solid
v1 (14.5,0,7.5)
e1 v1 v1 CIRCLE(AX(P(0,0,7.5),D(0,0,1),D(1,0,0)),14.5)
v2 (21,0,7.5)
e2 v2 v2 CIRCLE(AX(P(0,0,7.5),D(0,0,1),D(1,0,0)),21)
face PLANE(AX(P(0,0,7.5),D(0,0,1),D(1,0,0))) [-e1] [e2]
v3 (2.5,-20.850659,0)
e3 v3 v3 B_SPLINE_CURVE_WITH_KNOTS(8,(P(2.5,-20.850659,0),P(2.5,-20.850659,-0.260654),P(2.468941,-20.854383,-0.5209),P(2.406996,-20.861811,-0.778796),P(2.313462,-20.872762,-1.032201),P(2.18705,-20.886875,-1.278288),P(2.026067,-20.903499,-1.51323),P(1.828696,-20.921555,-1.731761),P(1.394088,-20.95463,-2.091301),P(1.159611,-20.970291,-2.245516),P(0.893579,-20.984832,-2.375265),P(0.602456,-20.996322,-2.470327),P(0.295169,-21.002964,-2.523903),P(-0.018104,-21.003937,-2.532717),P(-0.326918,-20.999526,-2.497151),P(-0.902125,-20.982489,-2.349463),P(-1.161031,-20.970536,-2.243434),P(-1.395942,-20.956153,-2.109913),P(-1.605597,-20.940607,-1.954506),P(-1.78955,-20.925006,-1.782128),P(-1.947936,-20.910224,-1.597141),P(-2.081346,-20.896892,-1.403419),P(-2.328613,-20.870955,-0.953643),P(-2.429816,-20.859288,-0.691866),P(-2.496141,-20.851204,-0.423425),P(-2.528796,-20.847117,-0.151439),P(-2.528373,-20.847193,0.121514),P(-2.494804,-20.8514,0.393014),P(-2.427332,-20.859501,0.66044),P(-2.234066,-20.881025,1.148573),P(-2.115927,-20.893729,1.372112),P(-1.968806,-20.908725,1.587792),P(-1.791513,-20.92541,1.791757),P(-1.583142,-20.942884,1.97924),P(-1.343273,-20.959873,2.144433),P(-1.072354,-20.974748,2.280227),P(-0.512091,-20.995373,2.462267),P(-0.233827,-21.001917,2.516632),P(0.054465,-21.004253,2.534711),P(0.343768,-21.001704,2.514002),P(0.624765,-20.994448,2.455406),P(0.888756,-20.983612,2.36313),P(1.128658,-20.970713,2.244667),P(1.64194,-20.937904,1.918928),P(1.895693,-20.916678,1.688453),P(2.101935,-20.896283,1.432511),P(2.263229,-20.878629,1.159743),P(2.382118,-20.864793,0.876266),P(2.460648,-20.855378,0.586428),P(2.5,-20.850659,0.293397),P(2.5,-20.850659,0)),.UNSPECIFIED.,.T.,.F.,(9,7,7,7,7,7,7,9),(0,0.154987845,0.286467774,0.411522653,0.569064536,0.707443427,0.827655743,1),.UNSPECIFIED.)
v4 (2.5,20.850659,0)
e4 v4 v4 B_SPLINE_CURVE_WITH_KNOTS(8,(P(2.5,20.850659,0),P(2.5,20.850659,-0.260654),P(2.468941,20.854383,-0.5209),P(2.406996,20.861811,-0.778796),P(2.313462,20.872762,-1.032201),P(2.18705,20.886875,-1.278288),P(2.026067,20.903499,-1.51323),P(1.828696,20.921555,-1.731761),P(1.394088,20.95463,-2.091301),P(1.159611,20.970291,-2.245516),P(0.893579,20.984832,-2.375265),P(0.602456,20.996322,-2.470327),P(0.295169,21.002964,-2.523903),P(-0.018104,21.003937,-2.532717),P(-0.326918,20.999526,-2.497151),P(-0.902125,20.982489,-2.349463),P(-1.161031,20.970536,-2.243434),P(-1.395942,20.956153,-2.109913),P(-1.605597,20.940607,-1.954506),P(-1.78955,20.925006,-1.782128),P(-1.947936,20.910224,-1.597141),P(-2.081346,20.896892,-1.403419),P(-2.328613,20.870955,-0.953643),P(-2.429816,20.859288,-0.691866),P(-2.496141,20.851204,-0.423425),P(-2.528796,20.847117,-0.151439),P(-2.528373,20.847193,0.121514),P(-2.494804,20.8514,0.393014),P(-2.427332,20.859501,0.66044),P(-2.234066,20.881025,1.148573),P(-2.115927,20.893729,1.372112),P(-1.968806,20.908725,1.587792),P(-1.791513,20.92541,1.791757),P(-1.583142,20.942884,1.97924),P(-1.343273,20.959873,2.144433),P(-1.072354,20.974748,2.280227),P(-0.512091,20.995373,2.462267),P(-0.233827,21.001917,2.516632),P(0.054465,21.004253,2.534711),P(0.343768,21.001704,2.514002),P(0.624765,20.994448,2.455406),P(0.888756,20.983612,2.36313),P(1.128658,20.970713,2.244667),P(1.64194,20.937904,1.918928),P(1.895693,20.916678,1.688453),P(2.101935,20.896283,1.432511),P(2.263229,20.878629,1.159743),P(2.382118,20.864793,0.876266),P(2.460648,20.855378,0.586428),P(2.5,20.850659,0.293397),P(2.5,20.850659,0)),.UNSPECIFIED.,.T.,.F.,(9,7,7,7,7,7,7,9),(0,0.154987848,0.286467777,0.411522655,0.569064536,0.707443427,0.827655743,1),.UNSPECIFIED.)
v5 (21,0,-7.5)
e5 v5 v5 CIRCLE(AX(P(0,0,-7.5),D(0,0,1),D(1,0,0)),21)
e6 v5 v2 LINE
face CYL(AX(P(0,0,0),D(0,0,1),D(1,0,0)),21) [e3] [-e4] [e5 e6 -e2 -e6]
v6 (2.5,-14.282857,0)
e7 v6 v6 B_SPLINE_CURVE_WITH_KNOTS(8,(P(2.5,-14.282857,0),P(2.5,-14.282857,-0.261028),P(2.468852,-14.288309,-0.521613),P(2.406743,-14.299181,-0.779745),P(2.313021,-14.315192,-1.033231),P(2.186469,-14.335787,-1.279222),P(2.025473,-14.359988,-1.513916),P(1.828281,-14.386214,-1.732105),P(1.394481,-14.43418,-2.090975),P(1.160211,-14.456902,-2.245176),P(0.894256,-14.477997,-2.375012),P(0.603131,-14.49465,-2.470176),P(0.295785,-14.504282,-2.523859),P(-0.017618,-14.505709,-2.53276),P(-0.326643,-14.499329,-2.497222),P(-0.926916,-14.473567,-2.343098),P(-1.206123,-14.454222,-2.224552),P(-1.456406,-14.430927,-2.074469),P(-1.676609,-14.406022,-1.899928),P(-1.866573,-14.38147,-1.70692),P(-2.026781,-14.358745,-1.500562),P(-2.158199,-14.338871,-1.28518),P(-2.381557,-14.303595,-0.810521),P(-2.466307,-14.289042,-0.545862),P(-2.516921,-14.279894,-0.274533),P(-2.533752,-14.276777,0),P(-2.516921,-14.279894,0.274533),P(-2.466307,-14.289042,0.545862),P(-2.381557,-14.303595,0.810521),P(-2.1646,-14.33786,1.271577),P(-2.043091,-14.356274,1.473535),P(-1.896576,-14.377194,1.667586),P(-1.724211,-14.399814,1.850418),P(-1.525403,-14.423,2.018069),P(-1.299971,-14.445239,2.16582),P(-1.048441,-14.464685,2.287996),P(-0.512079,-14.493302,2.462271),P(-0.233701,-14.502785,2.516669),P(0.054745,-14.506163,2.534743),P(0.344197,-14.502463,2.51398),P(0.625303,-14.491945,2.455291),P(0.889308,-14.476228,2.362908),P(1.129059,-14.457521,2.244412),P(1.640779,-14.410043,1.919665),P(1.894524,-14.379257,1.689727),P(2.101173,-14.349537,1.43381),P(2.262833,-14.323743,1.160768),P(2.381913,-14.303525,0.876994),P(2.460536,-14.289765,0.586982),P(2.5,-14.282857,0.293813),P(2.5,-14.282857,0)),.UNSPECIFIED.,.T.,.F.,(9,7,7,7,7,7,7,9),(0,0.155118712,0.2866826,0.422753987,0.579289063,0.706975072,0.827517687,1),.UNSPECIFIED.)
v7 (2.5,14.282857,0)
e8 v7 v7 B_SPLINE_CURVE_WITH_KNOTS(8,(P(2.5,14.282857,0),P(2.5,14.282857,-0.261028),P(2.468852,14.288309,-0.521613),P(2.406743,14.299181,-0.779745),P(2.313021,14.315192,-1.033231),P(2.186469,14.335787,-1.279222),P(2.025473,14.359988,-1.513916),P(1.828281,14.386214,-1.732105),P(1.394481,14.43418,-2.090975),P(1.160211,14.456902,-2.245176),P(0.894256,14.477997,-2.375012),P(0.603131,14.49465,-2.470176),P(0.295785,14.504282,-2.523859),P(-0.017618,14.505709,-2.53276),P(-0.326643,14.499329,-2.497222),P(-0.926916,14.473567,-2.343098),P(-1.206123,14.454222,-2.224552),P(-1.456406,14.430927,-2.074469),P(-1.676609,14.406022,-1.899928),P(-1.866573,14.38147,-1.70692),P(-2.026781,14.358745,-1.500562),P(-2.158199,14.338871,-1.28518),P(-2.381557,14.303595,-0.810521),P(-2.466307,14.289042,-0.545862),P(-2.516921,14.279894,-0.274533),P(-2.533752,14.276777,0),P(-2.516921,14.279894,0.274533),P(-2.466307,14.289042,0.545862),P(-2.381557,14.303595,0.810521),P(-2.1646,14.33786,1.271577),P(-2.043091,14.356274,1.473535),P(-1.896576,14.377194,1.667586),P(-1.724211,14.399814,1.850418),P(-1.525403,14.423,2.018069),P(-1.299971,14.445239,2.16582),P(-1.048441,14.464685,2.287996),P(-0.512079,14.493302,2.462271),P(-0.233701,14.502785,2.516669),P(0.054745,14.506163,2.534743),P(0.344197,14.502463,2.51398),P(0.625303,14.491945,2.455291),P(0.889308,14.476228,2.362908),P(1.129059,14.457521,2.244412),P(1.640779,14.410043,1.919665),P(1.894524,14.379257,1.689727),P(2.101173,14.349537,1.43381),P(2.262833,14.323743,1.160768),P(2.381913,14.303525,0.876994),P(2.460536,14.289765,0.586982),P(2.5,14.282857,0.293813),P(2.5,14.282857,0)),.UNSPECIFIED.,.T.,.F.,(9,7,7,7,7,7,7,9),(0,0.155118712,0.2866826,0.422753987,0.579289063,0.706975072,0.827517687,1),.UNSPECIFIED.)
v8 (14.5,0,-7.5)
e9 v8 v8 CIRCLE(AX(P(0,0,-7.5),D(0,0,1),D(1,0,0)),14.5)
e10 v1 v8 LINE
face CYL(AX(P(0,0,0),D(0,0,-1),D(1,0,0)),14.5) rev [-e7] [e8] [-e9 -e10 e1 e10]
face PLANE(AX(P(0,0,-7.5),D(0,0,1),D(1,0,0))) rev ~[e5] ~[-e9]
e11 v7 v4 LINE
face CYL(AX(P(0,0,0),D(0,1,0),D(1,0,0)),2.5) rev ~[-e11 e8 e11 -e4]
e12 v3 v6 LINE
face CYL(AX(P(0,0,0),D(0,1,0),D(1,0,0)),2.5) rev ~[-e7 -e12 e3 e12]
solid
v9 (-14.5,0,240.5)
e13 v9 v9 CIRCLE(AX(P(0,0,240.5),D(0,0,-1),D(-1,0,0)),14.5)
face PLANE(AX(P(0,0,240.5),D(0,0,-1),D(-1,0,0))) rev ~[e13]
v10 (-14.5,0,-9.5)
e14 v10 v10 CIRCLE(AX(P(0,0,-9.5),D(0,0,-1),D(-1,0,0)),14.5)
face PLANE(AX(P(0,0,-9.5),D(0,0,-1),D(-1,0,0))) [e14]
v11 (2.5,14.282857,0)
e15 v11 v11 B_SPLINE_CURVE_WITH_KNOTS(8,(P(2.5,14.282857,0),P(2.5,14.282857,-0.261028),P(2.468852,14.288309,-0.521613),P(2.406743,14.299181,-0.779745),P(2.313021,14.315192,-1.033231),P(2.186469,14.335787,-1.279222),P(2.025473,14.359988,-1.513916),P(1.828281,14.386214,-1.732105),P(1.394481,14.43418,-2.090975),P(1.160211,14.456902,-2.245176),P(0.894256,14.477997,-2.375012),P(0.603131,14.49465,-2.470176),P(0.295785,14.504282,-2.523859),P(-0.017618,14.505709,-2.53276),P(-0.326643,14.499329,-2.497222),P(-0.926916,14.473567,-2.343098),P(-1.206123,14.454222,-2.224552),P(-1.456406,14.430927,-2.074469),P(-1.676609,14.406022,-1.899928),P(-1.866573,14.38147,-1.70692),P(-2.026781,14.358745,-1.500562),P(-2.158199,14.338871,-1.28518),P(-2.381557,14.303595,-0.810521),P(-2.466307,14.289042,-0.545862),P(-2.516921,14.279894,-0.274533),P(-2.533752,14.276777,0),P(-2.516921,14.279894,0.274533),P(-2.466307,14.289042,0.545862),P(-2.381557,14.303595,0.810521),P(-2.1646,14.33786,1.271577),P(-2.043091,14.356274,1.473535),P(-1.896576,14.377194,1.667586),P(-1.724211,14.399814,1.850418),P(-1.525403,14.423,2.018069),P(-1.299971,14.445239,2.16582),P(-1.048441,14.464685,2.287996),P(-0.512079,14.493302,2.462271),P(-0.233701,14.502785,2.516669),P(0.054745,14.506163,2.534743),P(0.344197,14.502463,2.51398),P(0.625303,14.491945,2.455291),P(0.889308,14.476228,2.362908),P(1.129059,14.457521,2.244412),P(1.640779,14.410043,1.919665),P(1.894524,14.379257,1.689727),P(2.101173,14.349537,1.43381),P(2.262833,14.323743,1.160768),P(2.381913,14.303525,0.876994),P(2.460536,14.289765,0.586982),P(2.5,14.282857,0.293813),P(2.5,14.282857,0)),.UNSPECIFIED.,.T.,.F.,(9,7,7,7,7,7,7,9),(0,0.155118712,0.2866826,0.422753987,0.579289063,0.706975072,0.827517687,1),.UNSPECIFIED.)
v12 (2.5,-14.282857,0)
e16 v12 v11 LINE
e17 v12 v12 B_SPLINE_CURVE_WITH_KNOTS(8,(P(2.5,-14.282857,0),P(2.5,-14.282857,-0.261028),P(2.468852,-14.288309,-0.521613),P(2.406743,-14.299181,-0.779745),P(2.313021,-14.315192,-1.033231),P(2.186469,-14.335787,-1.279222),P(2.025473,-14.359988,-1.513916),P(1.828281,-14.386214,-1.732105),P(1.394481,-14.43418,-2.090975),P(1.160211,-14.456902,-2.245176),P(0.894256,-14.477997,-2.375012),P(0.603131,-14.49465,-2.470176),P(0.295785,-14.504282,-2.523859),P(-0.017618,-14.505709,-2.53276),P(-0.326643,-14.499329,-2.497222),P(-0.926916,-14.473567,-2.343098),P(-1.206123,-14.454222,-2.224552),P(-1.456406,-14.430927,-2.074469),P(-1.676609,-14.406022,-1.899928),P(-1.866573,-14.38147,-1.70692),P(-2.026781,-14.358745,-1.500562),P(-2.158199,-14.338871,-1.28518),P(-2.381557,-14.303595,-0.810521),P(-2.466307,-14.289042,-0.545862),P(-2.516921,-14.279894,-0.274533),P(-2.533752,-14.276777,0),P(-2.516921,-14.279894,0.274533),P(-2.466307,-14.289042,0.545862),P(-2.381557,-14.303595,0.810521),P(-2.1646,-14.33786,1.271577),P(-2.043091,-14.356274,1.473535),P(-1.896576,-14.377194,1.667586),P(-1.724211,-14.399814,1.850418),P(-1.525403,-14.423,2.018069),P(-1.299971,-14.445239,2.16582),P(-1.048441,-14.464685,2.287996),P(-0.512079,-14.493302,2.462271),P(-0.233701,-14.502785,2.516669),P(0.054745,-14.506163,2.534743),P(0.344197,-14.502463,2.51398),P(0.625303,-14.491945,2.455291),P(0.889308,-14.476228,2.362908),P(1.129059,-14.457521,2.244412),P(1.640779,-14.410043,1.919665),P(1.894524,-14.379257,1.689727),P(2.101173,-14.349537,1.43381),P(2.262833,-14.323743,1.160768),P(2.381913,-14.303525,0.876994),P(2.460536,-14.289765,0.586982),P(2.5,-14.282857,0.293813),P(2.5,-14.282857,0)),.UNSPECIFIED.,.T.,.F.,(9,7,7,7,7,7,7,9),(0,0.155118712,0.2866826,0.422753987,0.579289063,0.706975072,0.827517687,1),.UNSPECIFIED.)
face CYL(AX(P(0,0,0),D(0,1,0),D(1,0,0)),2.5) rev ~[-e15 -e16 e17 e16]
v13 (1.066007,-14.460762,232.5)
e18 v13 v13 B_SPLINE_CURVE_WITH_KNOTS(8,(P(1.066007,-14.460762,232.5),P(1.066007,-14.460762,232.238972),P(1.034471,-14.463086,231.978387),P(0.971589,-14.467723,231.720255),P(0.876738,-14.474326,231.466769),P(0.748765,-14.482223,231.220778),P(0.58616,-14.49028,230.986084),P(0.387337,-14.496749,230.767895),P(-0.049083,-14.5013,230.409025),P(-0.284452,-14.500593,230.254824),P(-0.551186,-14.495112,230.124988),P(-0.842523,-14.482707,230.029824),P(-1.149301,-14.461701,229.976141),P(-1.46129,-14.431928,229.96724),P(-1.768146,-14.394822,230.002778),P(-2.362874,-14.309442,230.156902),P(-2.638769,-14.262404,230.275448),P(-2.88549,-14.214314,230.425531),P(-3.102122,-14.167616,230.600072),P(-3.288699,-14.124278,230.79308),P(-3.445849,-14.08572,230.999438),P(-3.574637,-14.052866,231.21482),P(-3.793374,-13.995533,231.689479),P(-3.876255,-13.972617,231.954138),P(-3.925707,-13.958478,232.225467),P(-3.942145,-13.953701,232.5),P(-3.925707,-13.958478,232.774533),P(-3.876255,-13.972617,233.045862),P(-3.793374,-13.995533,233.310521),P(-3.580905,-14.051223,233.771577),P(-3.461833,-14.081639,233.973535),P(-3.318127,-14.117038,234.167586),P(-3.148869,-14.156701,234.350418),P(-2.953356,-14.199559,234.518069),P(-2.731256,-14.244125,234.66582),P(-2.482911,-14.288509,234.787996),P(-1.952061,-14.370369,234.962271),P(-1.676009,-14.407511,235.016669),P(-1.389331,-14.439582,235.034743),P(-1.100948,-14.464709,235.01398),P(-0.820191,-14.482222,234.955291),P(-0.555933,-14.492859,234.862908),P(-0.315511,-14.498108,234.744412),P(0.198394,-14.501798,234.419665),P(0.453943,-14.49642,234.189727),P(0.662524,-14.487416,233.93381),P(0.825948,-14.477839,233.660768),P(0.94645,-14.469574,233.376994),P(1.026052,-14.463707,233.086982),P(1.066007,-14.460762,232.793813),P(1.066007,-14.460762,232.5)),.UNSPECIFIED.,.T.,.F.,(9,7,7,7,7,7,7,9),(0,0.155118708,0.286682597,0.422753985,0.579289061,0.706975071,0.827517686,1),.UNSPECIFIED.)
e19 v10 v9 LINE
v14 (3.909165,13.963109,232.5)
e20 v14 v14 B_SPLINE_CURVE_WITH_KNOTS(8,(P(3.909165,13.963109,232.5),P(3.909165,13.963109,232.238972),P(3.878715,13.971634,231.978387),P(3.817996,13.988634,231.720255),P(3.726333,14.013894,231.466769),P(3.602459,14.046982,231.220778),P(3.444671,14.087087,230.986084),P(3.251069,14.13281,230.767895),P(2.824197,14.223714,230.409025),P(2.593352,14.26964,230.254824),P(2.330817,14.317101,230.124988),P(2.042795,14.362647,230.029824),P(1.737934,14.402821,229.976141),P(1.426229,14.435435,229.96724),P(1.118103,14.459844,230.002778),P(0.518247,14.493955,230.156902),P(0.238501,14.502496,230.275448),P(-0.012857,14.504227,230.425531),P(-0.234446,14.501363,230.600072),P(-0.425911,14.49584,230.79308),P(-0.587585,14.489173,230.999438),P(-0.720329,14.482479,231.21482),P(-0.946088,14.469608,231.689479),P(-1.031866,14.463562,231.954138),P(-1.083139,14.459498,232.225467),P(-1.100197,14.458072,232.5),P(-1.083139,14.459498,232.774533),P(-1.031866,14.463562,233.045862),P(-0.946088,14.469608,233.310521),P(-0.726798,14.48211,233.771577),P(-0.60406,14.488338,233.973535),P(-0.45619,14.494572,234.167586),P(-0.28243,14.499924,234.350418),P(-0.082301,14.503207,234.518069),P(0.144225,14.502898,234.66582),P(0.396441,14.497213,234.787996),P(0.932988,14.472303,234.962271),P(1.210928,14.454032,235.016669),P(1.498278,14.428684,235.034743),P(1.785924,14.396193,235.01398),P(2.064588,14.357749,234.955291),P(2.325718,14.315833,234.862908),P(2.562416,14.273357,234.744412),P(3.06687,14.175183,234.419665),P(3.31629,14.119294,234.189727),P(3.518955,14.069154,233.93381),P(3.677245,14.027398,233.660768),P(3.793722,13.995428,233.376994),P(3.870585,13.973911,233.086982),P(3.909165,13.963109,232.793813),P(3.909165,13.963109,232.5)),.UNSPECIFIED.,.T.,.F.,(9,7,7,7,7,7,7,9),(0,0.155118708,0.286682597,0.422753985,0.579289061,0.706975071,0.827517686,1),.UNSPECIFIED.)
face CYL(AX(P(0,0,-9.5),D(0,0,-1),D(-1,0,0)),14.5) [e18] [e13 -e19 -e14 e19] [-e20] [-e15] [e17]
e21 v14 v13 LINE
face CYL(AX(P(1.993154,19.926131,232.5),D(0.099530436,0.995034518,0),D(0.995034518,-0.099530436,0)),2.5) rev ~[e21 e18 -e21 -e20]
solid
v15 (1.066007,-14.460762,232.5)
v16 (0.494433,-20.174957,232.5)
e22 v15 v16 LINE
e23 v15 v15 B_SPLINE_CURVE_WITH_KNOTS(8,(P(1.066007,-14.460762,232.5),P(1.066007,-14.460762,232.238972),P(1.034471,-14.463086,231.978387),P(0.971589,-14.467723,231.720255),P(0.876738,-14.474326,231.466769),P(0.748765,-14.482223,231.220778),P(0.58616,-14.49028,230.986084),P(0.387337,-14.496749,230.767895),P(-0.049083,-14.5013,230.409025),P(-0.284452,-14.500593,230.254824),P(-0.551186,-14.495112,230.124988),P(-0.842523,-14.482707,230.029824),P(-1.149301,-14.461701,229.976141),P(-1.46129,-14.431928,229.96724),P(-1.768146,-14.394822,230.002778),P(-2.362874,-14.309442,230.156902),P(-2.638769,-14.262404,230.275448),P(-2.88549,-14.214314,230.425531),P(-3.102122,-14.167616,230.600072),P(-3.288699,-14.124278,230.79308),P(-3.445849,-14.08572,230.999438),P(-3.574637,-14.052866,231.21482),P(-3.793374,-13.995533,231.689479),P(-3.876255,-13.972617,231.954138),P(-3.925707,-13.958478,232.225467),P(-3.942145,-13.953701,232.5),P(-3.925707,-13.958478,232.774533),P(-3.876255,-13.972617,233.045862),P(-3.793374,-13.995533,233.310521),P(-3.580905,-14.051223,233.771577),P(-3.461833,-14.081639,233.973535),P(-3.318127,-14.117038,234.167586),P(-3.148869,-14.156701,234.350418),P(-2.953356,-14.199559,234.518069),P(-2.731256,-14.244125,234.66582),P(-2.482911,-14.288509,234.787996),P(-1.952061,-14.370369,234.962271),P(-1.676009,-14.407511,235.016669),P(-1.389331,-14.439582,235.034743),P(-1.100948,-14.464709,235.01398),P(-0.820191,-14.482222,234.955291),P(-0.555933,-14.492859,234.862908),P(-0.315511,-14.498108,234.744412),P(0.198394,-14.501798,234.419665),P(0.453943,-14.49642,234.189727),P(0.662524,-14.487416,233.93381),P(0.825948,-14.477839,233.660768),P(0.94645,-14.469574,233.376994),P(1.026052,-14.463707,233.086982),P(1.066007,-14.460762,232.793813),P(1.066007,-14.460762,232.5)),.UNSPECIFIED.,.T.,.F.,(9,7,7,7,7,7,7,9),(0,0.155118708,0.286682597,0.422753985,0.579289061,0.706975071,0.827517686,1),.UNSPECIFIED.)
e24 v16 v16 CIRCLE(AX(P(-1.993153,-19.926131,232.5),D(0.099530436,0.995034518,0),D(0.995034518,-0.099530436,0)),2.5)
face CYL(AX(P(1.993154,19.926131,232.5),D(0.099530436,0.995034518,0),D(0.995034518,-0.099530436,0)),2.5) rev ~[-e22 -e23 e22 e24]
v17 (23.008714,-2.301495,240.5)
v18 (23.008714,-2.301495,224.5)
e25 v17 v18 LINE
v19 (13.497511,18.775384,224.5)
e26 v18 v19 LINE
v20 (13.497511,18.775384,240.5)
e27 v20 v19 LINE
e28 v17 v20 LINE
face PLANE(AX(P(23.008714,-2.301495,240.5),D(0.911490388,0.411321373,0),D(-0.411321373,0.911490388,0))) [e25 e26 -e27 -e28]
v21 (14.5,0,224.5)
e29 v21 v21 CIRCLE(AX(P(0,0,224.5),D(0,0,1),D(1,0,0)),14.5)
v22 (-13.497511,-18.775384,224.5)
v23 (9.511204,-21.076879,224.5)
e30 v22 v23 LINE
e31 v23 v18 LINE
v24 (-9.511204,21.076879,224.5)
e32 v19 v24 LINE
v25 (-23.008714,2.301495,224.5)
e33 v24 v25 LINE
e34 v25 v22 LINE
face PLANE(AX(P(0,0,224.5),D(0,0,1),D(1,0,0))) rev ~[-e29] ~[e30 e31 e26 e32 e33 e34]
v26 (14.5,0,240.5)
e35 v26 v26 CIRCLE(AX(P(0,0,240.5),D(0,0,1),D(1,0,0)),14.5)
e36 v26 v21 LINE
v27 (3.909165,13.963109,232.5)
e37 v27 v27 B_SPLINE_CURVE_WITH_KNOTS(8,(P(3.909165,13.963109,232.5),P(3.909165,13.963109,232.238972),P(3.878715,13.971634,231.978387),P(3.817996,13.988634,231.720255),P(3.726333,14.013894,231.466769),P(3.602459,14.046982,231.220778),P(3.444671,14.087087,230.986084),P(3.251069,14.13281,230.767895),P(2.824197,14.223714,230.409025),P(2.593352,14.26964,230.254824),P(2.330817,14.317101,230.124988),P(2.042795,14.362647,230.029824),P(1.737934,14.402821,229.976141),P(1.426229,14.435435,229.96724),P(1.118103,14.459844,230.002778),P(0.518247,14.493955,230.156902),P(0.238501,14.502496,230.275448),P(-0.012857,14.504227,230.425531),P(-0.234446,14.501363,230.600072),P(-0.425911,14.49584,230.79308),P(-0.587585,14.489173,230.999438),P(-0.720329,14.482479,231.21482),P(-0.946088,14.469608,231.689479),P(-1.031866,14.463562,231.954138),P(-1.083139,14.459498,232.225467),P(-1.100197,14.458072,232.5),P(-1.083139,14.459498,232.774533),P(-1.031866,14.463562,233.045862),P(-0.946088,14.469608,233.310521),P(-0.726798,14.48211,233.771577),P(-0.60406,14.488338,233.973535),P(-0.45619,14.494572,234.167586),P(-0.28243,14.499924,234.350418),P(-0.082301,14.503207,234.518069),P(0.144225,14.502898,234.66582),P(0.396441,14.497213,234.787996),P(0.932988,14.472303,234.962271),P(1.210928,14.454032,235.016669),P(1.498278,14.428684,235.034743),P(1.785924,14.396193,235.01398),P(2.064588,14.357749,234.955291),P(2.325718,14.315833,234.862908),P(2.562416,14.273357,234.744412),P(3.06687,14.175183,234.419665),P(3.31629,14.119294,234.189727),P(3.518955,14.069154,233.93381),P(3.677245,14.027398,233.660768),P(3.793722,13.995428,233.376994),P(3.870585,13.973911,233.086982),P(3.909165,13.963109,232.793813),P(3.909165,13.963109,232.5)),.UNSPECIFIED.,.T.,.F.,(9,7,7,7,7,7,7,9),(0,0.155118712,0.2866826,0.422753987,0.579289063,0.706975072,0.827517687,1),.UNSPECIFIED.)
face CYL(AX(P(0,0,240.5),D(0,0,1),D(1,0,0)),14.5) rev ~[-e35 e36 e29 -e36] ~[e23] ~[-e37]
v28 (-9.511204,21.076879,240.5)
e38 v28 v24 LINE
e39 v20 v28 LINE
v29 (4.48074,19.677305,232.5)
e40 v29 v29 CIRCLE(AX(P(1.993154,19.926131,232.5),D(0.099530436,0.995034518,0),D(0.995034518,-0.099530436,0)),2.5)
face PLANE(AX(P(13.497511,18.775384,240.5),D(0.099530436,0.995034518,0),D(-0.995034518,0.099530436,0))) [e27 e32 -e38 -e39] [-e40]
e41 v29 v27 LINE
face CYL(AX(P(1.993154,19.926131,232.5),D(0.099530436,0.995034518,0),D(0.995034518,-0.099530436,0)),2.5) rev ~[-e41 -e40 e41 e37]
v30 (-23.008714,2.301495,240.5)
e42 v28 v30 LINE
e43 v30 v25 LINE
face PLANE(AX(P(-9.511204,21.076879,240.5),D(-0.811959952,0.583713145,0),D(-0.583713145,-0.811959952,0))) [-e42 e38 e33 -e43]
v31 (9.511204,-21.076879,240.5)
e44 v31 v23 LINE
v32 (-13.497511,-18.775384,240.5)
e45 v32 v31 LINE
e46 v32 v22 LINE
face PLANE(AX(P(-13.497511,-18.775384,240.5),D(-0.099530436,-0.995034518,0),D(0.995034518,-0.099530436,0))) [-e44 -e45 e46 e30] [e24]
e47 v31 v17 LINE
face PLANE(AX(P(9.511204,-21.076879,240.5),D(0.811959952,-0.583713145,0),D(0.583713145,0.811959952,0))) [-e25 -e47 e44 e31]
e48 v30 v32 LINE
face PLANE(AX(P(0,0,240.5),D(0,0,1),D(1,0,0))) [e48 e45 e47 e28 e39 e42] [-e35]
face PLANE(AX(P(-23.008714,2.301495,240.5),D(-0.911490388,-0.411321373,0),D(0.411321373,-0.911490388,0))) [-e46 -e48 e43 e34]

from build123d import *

# Parameters (mm, degrees)
SKETCH1_R           = 21
SKETCH1_R_2         = 14.5
BOSS_EXTRUDE1_DEPTH = 7.5
BOSS_EXTRUDE2_START = 2
SKETCH2_R           = 14.5
BOSS_EXTRUDE2_DEPTH = 250
SKETCH3_R           = 2.5
CUT_EXTRUDE1_DEPTH  = 57.5
SKETCH4_R           = 14.5
BOSS_EXTRUDE3_DEPTH = 16
SKETCH5_R           = 2.5
CUT_EXTRUDE2_DEPTH  = 47


with BuildPart() as part:
    # Sketch1 → Boss-Extrude1 (new body, symmetric)
    with BuildSketch(Plane.XY):
        Circle(SKETCH1_R)
        Circle(SKETCH1_R_2, mode=Mode.SUBTRACT)
    extrude(amount=BOSS_EXTRUDE1_DEPTH, both=True)


with BuildPart() as body_2:
    # Sketch2 → Boss-Extrude2 (new body)
    with BuildSketch(Plane(origin=(0, 0, -7.5), x_dir=(-1, 0, 0), z_dir=(0, 0, -1)).offset(BOSS_EXTRUDE2_START)):
        Circle(SKETCH2_R)
    extrude(amount=-BOSS_EXTRUDE2_DEPTH)


with BuildPart() as cut_extrude1_tool:
    # Sketch3 → Cut-Extrude1 (new body, symmetric)
    with BuildSketch(Plane(origin=(0, 0, 0), x_dir=(1, 0, 0), z_dir=(0, 1, 0))):
        Circle(SKETCH3_R)
    extrude(amount=CUT_EXTRUDE1_DEPTH, both=True)


with BuildPart() as part_1:
    add(part.part)

    # Cut-Extrude1: cut by cut_extrude1_tool
    add(cut_extrude1_tool.part, mode=Mode.SUBTRACT)


with BuildPart() as body_2_1:
    add(body_2.part)

    # Cut-Extrude1: cut by cut_extrude1_tool
    add(cut_extrude1_tool.part, mode=Mode.SUBTRACT)


with BuildPart() as body_3:
    # Sketch4 → Boss-Extrude3 (new body)
    with BuildSketch(Plane.XY.offset(240.5)):
        Polygon((13.497510736, 18.775383524), (-9.51120373, 21.076878947), (-23.008714466, 2.301495423), (-13.497510736, -18.775383524), (9.51120373, -21.076878947), (23.008714466, -2.301495423), align=None)
        Circle(SKETCH4_R, mode=Mode.SUBTRACT)
    extrude(amount=-BOSS_EXTRUDE3_DEPTH)


with BuildPart() as cut_extrude2_tool:
    # Sketch5 → Cut-Extrude2 (new body)
    with BuildSketch(Plane(origin=(1.993153503, 19.926131236, 0), x_dir=(0.995034518, -0.099530436, 0), z_dir=(0.099530436, 0.995034518, 0))):
        with Locations((0, -232.5)):
            Circle(SKETCH5_R)
    extrude(amount=-CUT_EXTRUDE2_DEPTH)


with BuildPart() as body_2_2:
    add(body_2_1.part)

    # Cut-Extrude2: cut by cut_extrude2_tool
    add(cut_extrude2_tool.part, mode=Mode.SUBTRACT)


with BuildPart() as body_3_1:
    add(body_3.part)

    # Cut-Extrude2: cut by cut_extrude2_tool
    add(cut_extrude2_tool.part, mode=Mode.SUBTRACT)


solid = Compound([part_1.part, body_2_2.part, body_3_1.part])
